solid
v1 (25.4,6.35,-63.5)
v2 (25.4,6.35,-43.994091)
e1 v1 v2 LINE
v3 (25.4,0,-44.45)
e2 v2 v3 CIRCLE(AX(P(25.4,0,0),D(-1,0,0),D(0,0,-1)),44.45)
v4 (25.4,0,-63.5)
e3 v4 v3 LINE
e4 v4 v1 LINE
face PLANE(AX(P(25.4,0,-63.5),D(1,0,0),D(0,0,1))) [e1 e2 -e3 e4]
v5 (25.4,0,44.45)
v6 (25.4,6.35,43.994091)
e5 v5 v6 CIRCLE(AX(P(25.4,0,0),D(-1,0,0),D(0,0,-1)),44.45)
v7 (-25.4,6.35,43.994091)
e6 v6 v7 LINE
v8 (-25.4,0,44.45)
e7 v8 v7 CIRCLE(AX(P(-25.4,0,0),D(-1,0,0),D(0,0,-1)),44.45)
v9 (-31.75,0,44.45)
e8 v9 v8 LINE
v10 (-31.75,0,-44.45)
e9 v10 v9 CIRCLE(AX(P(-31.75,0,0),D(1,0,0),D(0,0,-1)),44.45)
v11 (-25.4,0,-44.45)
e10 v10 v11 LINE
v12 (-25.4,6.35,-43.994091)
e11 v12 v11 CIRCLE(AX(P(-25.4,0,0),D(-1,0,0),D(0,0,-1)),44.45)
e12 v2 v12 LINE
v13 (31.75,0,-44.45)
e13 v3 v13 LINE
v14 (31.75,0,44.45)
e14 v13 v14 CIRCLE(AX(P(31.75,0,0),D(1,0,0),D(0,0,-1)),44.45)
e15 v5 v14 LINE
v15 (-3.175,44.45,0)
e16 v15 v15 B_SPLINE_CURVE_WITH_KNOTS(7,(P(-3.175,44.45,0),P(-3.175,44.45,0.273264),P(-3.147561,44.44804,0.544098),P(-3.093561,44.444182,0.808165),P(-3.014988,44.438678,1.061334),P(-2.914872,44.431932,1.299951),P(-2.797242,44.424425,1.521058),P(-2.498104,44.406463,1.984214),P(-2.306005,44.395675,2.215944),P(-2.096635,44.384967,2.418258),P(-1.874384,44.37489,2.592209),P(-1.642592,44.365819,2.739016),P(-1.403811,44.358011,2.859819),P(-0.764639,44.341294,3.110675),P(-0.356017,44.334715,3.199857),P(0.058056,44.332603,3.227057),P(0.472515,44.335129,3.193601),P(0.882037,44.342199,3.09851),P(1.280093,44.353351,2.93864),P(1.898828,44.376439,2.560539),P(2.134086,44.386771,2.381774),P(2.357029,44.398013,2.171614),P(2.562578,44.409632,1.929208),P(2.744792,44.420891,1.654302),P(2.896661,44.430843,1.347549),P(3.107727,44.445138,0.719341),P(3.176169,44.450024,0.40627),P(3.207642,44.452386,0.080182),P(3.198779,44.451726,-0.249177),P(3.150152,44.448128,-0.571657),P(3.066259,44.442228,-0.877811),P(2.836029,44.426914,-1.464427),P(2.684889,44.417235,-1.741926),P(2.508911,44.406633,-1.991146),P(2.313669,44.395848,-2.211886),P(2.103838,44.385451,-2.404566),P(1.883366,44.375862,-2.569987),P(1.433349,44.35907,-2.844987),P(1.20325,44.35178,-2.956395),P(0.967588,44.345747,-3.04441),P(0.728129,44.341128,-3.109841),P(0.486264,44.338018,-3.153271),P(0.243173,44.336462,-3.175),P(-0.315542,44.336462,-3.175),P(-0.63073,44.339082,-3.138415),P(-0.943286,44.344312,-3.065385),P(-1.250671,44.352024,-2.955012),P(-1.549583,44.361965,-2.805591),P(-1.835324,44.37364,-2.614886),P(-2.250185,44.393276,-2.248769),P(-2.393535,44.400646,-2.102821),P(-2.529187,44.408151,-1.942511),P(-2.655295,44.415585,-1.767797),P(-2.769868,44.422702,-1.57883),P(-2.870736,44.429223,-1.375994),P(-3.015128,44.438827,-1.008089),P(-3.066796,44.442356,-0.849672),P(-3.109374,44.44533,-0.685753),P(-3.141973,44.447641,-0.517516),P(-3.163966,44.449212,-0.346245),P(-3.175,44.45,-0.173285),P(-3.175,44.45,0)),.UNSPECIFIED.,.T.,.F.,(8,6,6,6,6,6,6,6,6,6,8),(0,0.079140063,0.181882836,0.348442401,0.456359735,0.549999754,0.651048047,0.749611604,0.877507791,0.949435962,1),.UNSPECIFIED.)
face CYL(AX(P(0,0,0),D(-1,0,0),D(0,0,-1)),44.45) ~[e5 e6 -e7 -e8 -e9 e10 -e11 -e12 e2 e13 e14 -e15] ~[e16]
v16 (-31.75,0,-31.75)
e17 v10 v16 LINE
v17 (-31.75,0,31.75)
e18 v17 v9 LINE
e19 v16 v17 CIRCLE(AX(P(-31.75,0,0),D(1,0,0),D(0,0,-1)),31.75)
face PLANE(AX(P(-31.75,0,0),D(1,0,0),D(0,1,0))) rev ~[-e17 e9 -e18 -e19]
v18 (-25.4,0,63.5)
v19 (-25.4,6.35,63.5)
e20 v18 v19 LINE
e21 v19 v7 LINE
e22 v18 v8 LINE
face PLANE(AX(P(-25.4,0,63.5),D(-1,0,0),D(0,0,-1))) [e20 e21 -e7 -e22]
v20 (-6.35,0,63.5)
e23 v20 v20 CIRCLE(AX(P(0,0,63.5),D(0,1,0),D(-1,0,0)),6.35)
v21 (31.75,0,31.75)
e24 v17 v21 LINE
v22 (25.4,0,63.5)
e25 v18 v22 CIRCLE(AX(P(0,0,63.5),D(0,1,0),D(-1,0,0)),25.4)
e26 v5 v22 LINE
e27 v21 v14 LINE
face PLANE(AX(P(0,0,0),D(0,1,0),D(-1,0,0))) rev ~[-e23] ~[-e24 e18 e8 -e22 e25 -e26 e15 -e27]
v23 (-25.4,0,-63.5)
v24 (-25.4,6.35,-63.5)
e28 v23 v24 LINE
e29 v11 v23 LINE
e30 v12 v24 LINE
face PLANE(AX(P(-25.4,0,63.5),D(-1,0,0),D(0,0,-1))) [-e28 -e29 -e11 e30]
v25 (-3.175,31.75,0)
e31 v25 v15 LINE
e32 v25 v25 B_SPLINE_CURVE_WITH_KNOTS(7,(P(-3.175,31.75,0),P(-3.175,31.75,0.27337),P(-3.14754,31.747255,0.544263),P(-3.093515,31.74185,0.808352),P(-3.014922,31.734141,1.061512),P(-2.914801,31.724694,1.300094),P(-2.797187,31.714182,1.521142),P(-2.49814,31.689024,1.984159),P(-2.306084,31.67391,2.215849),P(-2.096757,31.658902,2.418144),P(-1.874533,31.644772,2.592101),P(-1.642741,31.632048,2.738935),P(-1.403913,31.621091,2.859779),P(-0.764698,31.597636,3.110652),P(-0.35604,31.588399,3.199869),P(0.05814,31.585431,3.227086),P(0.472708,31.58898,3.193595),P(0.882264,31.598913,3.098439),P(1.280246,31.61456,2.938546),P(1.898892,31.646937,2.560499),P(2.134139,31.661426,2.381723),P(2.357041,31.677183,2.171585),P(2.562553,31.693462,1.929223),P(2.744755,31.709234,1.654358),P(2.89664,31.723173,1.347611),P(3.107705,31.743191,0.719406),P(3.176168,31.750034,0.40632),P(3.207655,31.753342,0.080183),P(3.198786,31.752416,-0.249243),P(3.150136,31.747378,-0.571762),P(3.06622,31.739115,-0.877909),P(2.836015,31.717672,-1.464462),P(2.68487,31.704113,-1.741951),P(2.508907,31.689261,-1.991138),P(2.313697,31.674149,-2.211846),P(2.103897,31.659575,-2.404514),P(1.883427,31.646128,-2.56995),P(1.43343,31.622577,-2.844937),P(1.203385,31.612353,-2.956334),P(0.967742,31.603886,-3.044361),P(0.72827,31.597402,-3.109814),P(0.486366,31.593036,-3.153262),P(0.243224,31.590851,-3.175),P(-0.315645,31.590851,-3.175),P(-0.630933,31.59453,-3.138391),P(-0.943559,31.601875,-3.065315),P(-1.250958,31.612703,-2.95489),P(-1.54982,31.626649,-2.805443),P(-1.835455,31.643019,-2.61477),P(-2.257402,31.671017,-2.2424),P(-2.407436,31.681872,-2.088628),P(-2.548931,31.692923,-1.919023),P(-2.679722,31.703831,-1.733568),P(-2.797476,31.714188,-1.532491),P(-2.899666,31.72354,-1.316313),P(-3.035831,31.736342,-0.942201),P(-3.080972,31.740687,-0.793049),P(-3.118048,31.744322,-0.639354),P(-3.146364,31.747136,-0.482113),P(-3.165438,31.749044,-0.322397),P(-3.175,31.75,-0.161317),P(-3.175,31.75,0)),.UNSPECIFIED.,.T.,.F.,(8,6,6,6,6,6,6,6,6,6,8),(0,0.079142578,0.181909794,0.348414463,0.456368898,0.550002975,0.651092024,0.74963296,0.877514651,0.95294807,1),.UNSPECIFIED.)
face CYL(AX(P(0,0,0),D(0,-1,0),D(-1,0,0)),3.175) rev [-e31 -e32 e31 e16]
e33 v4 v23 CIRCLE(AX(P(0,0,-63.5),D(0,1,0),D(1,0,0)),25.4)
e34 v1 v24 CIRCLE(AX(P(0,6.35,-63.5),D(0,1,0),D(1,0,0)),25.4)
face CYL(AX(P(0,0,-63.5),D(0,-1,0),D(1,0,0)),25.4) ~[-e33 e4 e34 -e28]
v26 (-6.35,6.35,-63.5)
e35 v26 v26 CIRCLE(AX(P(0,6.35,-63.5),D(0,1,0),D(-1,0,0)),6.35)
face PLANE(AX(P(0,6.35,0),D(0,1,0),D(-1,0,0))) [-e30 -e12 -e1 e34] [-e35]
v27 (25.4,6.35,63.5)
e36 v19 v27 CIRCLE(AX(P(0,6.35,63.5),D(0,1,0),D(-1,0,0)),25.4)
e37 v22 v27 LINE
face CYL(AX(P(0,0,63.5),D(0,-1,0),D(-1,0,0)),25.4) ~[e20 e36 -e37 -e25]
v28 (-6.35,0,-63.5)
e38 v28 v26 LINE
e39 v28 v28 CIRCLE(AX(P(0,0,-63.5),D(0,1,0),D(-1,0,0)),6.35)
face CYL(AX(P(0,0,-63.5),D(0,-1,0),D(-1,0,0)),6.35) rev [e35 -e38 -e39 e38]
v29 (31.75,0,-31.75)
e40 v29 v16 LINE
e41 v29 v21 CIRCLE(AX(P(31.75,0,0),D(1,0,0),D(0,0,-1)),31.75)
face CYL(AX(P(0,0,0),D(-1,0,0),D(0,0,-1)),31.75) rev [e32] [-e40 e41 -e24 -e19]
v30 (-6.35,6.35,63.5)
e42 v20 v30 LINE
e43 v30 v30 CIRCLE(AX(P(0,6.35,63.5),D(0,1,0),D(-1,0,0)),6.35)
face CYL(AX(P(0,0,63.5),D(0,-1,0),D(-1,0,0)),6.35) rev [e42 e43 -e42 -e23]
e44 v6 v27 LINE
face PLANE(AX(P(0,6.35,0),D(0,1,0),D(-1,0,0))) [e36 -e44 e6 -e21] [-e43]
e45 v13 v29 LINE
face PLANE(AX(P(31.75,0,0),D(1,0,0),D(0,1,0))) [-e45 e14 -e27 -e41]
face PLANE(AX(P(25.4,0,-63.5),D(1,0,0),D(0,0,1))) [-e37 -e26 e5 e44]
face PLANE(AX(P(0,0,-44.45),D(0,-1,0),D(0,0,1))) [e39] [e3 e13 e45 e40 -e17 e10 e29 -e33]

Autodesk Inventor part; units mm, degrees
ref_plane "YZ Plane" through (0, 0, 0) normal (1, 0, 0) x (0, 1, 0)
ref_plane "XZ Plane" through (0, 0, 0) normal (0, 1, 0) x (-1, 0, 0)
ref_plane "XY Plane" through (0, 0, 0) normal (0, 0, 1) x (1, 0, 0)
sketch "Sketch1" plane through (0, 0, 0) normal (0, 1, 0) x (-1, 0, 0)
  line L0 (0, 88.9) -> (0, -88.9) construction
  line L1 (25.4, 63.5) -> (25.4, -63.5)
  line L2 (-25.4, -63.5) -> (-25.4, 63.5)
  arc A0 (25.4, 63.5) -> (-25.4, 63.5) centre (0, 63.5) ccw
  arc A1 (-25.4, -63.5) -> (25.4, -63.5) centre (0, -63.5) ccw
  circle A2 centre (0, 63.5) radius 6.35
  circle A3 centre (0, -63.5) radius 6.35
  point P0 (0, 0)
  point P1 (0, 0)
  dimension "d0" = 127
  dimension "d1" = 12.7
  dimension "d2" = 12.7
  dimension "d3" = 25.4
extrude "BASE" add sketch "Sketch1" along normal blind 6.35
sketch "Sketch2" plane through (0, 0, 0) normal (1, 0, 0) x (0, 1, 0)
  arc A0 (0, -44.45) -> (0, 44.45) centre (0, 0) ccw
  arc A1 (0, -31.75) -> (0, 31.75) centre (0, 0) ccw
  line L0 (0, -63.5) -> (0, 63.5) projected
  dimension "d7" = 44.45
  dimension "d8" = 31.75
extrude "REMOVED CENTER OF BASE" cut sketch "Sketch2" along normal through all both and the other way through all contours L0 A1
extrude "ARCH" add sketch "Sketch2" along normal mid plane 63.5 contours L0 A1 A0
sketch "Sketch3" plane through (0, 0, 0) normal (0, 1, 0) x (-1, 0, 0)
  circle A0 centre (0, 0) radius 3.175
  dimension "d13" = 6.35
extrude "TOPHOLE" cut sketch "Sketch3" along normal through all
equation "\"d2\" = d1"
properties part number "ANS8-TUT-BK" material "Water"
